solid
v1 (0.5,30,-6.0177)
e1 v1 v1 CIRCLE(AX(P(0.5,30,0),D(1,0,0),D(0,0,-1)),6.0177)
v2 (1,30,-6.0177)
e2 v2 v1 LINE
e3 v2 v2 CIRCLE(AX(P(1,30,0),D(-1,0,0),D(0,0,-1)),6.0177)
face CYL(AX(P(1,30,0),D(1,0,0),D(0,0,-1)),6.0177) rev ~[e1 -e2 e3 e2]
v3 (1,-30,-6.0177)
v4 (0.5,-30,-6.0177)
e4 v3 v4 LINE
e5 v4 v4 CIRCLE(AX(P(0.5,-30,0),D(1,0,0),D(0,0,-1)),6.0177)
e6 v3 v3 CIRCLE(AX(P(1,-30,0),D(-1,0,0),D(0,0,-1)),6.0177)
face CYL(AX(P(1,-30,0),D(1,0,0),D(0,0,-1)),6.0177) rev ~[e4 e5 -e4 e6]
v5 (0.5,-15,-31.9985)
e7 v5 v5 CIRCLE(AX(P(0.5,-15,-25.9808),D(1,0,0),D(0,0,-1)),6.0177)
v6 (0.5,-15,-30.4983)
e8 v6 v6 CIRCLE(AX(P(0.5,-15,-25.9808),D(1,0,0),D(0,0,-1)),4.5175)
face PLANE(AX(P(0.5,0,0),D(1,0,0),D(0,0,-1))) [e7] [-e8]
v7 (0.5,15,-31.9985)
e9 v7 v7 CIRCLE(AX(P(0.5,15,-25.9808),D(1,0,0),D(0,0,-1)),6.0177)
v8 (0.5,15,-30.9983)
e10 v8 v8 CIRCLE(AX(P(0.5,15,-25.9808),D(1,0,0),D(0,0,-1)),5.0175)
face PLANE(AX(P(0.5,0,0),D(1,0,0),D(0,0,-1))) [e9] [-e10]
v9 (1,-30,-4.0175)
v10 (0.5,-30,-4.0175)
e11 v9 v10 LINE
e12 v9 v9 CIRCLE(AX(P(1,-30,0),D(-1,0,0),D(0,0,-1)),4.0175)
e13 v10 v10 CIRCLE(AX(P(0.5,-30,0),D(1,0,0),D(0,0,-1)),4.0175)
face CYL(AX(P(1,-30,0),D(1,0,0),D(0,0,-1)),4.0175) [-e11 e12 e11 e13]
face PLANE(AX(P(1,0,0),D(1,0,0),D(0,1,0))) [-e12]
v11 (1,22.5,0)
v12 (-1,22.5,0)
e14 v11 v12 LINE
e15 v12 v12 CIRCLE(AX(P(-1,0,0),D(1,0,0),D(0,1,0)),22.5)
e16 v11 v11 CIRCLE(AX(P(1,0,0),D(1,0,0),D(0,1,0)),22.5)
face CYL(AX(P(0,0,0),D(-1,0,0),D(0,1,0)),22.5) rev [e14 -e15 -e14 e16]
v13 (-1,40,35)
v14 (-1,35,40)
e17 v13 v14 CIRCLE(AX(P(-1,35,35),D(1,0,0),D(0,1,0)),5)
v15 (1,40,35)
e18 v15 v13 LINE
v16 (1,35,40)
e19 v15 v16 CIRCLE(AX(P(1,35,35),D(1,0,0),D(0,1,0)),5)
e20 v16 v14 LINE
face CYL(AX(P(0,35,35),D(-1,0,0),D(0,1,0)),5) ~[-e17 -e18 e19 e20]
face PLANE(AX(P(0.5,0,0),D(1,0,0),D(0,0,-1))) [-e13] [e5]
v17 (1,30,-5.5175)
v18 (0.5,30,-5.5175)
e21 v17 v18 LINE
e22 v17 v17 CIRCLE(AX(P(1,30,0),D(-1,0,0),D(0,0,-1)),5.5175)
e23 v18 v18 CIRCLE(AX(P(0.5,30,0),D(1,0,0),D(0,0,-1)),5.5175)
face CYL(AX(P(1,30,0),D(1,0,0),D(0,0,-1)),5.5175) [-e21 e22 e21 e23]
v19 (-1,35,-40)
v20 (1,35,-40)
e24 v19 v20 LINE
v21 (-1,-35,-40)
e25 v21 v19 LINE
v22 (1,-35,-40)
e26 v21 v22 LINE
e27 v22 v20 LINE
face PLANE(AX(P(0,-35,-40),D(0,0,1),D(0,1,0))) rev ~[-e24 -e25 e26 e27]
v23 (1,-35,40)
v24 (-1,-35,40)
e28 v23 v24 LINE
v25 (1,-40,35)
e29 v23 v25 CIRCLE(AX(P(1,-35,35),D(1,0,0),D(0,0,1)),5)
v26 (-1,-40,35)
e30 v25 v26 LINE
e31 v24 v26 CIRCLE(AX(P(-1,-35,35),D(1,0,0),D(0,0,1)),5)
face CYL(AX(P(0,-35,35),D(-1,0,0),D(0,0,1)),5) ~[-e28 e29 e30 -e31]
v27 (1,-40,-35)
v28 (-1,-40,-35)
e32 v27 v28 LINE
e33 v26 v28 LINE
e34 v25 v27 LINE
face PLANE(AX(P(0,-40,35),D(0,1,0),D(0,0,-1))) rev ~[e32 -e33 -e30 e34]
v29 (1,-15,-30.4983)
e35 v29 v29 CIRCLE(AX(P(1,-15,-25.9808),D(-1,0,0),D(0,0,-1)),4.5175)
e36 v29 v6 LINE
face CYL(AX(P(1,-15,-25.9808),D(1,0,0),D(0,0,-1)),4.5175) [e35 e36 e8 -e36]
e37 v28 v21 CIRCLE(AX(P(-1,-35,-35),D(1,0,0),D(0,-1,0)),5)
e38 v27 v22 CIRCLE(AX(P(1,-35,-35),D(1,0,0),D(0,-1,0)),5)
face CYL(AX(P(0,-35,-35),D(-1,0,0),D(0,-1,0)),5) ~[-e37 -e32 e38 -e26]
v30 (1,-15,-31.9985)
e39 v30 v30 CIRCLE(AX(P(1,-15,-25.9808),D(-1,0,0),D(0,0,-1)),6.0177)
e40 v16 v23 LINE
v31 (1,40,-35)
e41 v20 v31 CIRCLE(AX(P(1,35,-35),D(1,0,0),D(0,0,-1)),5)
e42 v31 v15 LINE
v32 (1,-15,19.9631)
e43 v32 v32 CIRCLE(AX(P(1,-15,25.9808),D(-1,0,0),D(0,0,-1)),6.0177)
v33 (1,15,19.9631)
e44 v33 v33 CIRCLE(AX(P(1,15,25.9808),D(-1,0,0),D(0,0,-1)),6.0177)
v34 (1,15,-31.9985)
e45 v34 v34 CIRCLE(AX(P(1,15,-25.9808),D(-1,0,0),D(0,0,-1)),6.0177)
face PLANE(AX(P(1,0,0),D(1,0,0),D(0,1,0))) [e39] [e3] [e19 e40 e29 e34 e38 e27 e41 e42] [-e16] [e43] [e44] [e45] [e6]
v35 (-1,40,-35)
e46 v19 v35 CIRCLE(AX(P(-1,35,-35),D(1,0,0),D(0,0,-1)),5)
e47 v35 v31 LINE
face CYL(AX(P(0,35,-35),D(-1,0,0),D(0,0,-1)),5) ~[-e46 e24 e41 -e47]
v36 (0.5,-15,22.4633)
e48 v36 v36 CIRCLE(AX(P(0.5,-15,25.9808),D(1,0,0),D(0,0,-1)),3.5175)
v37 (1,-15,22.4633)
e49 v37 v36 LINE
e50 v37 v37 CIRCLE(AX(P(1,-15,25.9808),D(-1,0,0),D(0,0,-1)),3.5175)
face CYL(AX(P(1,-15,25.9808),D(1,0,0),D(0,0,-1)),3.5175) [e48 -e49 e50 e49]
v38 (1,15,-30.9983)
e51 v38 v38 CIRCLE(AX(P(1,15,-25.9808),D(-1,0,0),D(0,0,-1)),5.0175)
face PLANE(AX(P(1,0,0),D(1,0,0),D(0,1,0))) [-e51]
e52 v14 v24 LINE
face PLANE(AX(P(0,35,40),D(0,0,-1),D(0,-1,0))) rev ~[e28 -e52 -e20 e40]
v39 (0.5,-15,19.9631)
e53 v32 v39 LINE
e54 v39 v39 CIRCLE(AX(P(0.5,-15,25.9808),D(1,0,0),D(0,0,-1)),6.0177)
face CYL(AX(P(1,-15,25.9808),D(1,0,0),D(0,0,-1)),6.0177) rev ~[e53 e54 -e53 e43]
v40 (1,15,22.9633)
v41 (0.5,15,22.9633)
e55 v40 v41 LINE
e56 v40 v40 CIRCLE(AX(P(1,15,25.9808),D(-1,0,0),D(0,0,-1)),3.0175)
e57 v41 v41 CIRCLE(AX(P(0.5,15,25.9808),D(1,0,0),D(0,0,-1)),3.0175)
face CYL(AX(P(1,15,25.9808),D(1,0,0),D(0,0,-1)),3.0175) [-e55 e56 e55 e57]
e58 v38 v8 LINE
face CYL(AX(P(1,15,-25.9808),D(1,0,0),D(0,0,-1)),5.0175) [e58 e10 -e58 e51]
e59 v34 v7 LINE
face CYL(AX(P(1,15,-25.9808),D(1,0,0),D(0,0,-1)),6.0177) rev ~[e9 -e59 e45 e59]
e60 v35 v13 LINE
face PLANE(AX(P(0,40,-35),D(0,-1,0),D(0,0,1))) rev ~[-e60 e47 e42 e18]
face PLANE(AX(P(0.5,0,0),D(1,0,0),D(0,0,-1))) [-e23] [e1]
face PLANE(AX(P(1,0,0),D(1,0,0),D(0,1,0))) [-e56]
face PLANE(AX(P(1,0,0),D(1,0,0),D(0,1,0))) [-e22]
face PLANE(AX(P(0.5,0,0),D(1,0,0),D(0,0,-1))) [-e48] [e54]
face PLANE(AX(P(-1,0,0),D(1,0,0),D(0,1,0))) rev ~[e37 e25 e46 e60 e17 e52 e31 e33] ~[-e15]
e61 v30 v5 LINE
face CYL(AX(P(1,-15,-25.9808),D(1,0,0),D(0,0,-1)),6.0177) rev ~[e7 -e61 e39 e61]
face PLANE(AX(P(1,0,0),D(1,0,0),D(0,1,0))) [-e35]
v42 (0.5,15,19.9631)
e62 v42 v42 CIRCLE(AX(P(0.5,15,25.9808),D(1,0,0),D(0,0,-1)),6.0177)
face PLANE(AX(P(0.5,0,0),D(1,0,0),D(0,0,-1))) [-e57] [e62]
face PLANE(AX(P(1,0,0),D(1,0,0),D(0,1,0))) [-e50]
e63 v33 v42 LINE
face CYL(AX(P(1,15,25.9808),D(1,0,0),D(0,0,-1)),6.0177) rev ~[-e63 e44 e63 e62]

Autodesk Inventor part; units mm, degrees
ref_plane "YZ Plane" through (0, 0, 0) normal (1, 0, 0) x (0, 1, 0)
ref_plane "XZ Plane" through (0, 0, 0) normal (0, 1, 0) x (-1, 0, 0)
ref_plane "XY Plane" through (0, 0, 0) normal (0, 0, 1) x (1, 0, 0)
sketch "Schizzo1" plane through (0, 0, 0) normal (1, 0, 0) x (0, 1, 0)
  line L0 (-35, -40) -> (35, -40)
  line L1 (40, -35) -> (40, 35)
  line L2 (35, 40) -> (-35, 40)
  line L3 (-40, 35) -> (-40, -35)
  line L4 (-40, -40) -> (40, 40) construction
  line L5 (40, -40) -> (-40, 40) construction
  arc A0 (40, 35) -> (35, 40) centre (35, 35) ccw
  arc A1 (35, -40) -> (40, -35) centre (35, -35) ccw
  arc A2 (-35, 40) -> (-40, 35) centre (-35, 35) ccw
  arc A3 (-40, -35) -> (-35, -40) centre (-35, -35) ccw
  circle A4 centre (0, 0) radius 22.5
  dimension "d4" = 45
extrude "Estrusione1" add sketch "Schizzo1" along normal mid plane 2
sketch "Schizzo2" plane through (1, 0, 0) normal (1, 0, 0) x (0, 0, -1)
  circle A0 centre (0, 0) radius 30
  circle A1 centre (0, 30) radius 6.0177
  circle A2 centre (-25.9808, 15) radius 6.0177
  circle A3 centre (-25.9808, -15) radius 6.0177
  circle A4 centre (0, -30) radius 6.0177
  circle A5 centre (25.9808, -15) radius 6.0177
  circle A6 centre (25.9808, 15) radius 6.0177
  circle A7 centre (-25.9808, 15) radius 5.5175
  circle A8 centre (-25.9808, 15) radius 5.0175
  circle A9 centre (-25.9808, 15) radius 4.5175
  circle A10 centre (-25.9808, 15) radius 4.0175
  circle A11 centre (-25.9808, 15) radius 3.5175
  circle A12 centre (0, -30) radius 6.0177
  circle A13 centre (-25.9808, -15) radius 3.5175
  circle A14 centre (-25.9808, -15) radius 4.0175
  circle A15 centre (-25.9808, -15) radius 4.5175
  circle A16 centre (-25.9808, -15) radius 5.0175
  circle A17 centre (-25.9808, -15) radius 5.5175
  circle A18 centre (25.9808, -15) radius 6.0177
  circle A19 centre (0, -30) radius 3.5175
  circle A20 centre (0, -30) radius 4.0175
  circle A21 centre (0, -30) radius 4.5175
  circle A22 centre (0, -30) radius 5.0175
  circle A23 centre (0, -30) radius 5.5175
  circle A24 centre (25.9808, 15) radius 6.0177
  circle A25 centre (25.9808, -15) radius 3.5175
  circle A26 centre (25.9808, -15) radius 4.0175
  circle A27 centre (25.9808, -15) radius 4.5175
  circle A28 centre (25.9808, -15) radius 5.0175
  circle A29 centre (25.9808, -15) radius 5.5175
  circle A30 centre (0, 30) radius 6.0177
  circle A31 centre (25.9808, 15) radius 3.5175
  circle A32 centre (25.9808, 15) radius 4.0175
  circle A33 centre (25.9808, 15) radius 4.5175
  circle A34 centre (25.9808, 15) radius 5.0175
  circle A35 centre (25.9808, 15) radius 5.5175
  circle A36 centre (-25.9808, 15) radius 6.0177
  circle A37 centre (0, 30) radius 3.5175
  circle A38 centre (0, 30) radius 4.0175
  circle A39 centre (0, 30) radius 4.5175
  circle A40 centre (0, 30) radius 5.0175
  circle A41 centre (0, 30) radius 5.5175
  circle A42 centre (-25.9808, 15) radius 3.0175
  dimension "d7" = 60
  dimension "d10" = 360
  dimension "d13" = 11.035
  dimension "d14" = 10.035
  dimension "d15" = 9.035
  dimension "d16" = 8.035
  dimension "d17" = 7.035
  dimension "d20" = 360
  dimension "d24" = 6.035
extrude "Estrusione2" cut sketch "Schizzo2" against normal blind 0.5 contours A6 A0 A35 | A0 A35 A6 | A5 A0 A29 | A0 A29 A5 | A35 A0 A34 | A0 A34 A35 | A29 A0 A28 | A0 A28 A29 | A1 A0 A41 | A0 A41 A1 | A28 A0 A27 | A0 A27 A28 | A4 A0 A23 | A0 A23 A4 | A23 A0 A22 | A0 A22 A23 | A2 A0 A7 | A0 A7 A2 | A22 A0 A21 | A0 A21 A22 | A3 A0 A17 | A0 A17 A3 | A7 A0 A8 | A0 A8 A7 | A21 A0 A20 | A0 A20 A21 | A17 A0 A16 | A0 A16 A17 | A8 A0 A9 | A0 A9 A8 | A16 A0 A15 | A0 A15 A16 | A9 A0 A10 | A0 A10 A9 | A15 A0 A14 | A0 A14 A15 | A10 A0 A11 | A0 A11 A10 | A14 A0 A13 | A0 A13 A14 | A11 A0 A42 | A0 A42 A11
